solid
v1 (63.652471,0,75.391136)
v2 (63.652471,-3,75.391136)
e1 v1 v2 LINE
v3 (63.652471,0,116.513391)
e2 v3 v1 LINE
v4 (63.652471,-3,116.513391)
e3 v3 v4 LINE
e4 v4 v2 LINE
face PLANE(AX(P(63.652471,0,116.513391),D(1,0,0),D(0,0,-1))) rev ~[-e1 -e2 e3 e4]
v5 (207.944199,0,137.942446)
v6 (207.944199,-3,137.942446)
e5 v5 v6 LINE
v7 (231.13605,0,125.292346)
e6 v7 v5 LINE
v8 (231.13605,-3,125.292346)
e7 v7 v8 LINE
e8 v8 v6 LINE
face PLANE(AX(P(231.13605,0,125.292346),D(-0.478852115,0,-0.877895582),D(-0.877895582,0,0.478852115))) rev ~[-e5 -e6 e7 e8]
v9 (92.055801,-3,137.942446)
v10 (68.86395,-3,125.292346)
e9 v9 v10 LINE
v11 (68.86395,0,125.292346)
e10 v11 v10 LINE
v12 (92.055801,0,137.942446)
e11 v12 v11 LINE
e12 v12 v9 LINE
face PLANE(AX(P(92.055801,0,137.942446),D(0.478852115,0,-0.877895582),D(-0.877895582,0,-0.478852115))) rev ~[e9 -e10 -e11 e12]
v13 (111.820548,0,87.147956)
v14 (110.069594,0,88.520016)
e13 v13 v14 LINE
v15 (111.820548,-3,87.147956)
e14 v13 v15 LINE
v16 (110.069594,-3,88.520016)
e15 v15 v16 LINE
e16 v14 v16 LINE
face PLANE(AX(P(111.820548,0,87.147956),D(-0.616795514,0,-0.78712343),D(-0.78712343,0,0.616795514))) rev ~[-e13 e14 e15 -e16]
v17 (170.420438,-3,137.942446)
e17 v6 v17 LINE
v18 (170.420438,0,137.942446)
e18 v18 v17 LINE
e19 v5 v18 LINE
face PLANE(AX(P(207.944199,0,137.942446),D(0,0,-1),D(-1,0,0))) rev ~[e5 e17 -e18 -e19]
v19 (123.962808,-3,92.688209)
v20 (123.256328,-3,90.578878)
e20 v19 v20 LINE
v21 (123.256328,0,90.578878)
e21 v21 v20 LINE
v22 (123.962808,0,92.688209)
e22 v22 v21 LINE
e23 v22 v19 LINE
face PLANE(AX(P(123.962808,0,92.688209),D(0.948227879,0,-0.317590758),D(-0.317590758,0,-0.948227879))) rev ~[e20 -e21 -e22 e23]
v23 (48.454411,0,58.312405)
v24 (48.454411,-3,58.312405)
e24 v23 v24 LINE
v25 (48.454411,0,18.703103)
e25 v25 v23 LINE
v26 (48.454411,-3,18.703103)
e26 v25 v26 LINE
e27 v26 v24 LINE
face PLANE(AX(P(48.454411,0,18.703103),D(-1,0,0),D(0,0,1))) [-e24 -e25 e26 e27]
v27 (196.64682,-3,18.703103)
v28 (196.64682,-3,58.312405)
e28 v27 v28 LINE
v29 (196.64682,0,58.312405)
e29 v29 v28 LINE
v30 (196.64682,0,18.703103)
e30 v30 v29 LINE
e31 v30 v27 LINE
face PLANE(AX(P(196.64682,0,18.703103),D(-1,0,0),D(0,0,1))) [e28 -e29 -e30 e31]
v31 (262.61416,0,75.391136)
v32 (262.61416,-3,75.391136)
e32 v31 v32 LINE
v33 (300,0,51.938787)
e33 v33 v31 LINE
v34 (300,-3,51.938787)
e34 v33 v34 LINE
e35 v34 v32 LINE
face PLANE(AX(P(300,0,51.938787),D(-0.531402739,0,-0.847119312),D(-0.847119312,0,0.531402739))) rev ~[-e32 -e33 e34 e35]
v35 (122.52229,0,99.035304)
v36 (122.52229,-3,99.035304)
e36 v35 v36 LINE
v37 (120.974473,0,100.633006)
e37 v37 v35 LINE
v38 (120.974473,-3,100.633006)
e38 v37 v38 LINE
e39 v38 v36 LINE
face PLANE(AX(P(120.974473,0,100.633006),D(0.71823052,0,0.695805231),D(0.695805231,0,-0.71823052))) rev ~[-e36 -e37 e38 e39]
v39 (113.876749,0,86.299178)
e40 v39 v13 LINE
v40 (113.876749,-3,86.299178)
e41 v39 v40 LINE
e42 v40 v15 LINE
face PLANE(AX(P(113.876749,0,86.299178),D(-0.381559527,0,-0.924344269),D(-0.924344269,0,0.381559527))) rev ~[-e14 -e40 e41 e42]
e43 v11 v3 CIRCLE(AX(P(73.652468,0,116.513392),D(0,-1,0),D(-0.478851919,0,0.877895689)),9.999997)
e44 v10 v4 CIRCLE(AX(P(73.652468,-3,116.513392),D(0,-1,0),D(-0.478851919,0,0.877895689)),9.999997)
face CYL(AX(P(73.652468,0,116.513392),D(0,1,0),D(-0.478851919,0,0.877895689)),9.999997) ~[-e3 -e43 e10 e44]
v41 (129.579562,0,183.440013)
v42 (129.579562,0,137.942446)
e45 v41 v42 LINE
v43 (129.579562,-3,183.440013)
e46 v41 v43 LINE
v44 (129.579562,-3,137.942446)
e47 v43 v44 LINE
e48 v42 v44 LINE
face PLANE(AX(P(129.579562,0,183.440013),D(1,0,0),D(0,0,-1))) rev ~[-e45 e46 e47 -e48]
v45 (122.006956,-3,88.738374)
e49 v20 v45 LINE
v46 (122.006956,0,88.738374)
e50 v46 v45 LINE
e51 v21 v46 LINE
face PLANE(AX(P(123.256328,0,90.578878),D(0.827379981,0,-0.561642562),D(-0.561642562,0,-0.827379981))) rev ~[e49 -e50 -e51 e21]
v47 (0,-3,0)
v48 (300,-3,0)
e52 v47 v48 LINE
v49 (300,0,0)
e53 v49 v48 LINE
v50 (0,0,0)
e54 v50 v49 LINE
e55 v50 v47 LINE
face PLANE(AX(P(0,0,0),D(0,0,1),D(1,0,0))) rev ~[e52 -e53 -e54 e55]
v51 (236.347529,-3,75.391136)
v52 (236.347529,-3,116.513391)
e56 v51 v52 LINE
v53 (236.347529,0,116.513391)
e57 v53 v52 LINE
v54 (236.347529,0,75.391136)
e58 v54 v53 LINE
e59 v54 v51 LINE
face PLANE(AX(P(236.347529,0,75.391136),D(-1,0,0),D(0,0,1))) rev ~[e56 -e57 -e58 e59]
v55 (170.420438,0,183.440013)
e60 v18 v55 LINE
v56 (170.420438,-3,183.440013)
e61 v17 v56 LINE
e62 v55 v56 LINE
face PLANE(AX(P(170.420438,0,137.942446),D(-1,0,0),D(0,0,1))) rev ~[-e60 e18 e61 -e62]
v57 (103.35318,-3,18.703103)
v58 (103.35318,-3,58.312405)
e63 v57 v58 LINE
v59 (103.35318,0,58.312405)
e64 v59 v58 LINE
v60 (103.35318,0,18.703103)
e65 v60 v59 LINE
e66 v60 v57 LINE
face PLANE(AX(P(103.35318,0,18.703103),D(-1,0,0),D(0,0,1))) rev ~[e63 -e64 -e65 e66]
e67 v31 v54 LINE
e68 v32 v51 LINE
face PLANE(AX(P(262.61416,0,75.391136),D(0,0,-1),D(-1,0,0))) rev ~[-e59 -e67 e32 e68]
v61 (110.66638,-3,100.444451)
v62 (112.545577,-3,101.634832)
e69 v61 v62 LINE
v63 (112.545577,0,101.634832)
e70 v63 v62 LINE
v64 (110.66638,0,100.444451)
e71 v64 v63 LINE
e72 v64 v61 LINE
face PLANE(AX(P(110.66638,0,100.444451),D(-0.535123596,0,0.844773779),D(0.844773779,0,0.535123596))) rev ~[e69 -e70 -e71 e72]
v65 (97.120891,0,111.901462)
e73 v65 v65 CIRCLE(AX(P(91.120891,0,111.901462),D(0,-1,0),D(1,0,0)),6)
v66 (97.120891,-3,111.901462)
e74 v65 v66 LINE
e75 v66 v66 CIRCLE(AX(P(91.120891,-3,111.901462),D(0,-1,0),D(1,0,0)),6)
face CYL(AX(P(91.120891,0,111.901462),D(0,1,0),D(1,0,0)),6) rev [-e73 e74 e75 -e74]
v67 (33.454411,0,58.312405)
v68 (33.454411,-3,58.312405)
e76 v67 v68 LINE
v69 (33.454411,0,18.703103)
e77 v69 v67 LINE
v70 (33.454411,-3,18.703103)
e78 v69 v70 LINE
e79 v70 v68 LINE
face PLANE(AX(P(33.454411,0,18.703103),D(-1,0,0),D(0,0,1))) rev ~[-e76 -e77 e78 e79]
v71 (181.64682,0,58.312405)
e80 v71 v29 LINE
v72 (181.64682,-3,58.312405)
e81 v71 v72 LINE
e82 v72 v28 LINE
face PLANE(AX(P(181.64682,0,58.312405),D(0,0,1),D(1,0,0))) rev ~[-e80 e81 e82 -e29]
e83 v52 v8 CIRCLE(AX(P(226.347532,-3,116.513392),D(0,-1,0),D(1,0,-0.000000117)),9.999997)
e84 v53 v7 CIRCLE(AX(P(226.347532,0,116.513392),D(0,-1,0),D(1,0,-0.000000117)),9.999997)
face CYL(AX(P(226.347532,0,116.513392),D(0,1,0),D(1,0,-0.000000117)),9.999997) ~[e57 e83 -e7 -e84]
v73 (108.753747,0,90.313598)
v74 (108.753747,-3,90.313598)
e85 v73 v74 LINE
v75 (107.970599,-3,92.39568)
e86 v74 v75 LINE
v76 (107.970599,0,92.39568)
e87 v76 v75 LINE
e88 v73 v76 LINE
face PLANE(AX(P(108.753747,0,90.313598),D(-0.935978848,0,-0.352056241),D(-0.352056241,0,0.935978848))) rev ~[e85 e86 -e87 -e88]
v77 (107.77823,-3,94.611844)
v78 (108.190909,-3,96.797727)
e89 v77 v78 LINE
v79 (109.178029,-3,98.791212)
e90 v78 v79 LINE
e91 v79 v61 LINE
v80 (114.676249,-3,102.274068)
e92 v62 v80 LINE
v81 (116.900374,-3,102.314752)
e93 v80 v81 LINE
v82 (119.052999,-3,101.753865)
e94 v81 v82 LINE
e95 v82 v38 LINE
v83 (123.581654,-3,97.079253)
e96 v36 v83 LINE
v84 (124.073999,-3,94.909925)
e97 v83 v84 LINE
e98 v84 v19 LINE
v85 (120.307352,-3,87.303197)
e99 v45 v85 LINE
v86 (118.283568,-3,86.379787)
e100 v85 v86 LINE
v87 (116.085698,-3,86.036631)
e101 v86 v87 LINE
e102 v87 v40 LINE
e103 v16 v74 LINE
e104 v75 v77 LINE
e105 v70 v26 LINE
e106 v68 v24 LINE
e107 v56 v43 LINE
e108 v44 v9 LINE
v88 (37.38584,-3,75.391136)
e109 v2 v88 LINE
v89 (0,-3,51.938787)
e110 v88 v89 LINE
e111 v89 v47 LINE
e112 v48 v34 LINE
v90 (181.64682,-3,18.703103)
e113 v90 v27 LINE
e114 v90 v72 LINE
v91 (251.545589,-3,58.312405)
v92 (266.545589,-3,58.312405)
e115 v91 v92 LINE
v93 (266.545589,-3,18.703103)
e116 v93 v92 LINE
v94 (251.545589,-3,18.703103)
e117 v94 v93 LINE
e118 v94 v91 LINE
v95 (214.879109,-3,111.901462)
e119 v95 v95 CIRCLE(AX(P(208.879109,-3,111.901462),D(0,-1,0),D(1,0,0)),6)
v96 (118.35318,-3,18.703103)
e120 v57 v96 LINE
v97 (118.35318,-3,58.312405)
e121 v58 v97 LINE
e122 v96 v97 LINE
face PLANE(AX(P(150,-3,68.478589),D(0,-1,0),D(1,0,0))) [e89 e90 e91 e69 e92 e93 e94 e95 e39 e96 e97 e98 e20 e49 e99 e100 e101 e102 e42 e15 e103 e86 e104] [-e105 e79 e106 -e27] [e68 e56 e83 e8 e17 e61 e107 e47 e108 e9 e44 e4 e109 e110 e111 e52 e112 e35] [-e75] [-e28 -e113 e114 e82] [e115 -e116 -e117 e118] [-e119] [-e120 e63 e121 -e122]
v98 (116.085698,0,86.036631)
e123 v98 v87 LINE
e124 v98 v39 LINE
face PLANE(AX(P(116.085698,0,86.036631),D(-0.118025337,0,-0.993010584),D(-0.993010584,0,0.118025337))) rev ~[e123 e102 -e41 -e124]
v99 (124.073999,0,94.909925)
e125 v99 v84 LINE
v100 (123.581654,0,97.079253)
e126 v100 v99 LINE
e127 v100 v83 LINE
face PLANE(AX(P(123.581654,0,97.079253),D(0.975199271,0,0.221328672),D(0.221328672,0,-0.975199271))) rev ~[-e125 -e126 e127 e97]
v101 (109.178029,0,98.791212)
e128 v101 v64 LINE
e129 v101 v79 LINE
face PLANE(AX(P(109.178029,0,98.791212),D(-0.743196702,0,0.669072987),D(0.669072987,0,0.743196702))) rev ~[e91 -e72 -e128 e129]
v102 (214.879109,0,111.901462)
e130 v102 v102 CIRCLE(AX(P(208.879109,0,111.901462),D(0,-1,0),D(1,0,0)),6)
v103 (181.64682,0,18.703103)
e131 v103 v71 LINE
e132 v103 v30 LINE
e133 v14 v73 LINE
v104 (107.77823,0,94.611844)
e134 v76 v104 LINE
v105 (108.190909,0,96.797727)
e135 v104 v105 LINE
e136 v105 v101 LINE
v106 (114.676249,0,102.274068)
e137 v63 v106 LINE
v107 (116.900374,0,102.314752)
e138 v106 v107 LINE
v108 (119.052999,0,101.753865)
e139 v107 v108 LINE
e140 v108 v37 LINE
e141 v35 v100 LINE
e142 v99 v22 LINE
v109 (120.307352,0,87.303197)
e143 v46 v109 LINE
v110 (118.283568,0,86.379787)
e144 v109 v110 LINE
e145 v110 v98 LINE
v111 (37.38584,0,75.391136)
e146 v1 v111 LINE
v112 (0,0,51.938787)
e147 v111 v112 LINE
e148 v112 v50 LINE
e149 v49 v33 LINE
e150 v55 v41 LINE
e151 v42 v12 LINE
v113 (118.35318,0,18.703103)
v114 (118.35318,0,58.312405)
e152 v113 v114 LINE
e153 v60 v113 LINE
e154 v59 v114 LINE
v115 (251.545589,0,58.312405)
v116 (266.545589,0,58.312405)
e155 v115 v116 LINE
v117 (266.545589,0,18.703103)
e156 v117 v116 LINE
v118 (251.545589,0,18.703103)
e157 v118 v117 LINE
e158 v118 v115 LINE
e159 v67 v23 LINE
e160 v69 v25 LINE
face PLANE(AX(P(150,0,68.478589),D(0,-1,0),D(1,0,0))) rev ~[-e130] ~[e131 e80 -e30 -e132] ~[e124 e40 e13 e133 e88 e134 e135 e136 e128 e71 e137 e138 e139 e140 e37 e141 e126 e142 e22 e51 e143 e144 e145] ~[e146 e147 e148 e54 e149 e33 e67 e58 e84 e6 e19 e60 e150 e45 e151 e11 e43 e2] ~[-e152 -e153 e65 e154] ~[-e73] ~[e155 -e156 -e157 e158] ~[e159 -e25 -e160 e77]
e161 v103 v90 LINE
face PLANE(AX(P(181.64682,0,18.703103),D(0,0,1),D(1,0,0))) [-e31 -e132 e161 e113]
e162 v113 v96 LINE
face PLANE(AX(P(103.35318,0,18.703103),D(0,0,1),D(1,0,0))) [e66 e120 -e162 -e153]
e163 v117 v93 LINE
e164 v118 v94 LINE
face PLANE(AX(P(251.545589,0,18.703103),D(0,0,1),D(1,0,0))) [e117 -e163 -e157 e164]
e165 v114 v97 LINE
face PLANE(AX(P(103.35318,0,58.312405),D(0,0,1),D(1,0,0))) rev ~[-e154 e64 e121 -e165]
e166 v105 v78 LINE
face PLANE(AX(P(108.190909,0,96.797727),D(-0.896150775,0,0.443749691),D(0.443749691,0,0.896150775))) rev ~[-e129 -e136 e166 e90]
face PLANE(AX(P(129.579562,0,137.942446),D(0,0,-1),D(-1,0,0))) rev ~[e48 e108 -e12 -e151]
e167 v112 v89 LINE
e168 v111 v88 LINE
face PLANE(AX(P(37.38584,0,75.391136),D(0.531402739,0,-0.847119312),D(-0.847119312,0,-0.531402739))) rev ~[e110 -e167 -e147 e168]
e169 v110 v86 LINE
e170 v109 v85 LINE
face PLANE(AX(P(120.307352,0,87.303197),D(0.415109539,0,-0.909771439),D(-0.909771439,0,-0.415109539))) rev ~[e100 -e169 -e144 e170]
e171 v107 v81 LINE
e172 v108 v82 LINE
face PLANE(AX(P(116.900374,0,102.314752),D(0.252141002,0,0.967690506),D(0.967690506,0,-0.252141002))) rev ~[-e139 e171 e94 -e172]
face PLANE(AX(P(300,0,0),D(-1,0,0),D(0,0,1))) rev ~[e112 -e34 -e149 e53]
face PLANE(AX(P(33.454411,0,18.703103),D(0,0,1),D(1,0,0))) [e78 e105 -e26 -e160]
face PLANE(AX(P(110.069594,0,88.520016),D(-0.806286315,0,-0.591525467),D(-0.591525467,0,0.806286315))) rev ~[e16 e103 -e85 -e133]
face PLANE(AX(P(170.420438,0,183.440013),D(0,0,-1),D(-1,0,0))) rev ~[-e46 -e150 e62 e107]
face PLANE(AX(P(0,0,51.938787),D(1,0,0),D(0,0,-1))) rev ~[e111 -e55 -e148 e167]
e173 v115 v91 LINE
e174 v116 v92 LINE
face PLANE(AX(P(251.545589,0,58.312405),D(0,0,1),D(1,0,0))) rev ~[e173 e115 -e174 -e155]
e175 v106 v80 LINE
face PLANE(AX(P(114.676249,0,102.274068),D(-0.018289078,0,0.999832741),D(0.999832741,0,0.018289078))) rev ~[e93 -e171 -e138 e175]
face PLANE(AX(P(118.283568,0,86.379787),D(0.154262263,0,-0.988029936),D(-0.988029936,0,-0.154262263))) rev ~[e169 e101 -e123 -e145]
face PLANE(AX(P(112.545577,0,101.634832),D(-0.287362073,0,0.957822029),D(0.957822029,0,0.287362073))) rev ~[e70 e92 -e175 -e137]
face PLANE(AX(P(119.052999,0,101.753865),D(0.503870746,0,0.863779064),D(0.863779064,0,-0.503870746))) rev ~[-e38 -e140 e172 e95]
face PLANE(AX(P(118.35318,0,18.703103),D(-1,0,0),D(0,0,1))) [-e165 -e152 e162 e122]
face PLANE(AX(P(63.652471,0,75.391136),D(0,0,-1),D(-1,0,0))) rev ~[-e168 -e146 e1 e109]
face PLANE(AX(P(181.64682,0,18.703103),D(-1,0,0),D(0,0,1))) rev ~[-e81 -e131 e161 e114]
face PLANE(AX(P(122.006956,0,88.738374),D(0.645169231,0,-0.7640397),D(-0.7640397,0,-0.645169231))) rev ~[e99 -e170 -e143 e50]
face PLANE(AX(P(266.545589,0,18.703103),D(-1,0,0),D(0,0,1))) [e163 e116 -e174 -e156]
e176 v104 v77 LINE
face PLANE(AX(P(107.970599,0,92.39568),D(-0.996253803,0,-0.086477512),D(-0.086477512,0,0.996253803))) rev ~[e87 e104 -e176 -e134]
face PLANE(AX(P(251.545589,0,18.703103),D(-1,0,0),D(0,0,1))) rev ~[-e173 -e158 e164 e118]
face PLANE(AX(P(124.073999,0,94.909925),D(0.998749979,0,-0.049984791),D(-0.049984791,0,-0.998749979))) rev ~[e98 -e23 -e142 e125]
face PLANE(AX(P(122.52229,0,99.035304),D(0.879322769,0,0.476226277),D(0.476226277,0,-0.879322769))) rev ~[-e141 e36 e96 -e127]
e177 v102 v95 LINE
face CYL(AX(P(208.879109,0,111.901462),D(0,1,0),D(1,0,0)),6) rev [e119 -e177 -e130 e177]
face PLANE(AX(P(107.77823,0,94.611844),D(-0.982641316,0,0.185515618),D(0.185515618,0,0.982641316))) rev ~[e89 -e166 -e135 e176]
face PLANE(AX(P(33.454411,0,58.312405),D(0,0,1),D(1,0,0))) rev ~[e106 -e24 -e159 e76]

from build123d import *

# Parameters (mm, degrees)
F0_W     = 15
F0_H     = 39.609302
F0_R     = 6
F1_DEPTH = 3


with BuildPart() as f1:
    # F0 (on Front) → F1 (new body)
    with BuildSketch(Plane.XZ):
        with BuildLine():
            Line((0, 51.938787), (0, 0))
            Line((0, 0), (150, 0))
            Line((150, 0), (300, 0))
            Line((300, 0), (300, 51.938787))
            Line((300, 51.938787), (262.61416, 75.391136))
            Line((262.61416, 75.391136), (236.347529, 75.391136))
            Line((236.347529, 75.391136), (236.347529, 116.513391))
            ThreePointArc((236.347529, 116.513391), (234.946518, 121.618035), (231.13605, 125.292346))
            Line((231.13605, 125.292346), (207.944199, 137.942446))
            Line((207.944199, 137.942446), (170.420438, 137.942446))
            Line((170.420438, 137.942446), (170.420438, 183.440013))
            Line((170.420438, 183.440013), (150, 183.440013))
            Line((150, 183.440013), (129.579562, 183.440013))
            Line((129.579562, 183.440013), (129.579562, 137.942446))
            Line((129.579562, 137.942446), (92.055801, 137.942446))
            Line((92.055801, 137.942446), (68.86395, 125.292346))
            ThreePointArc((68.86395, 125.292346), (65.053482, 121.618035), (63.652471, 116.513391))
            Line((63.652471, 116.513391), (63.652471, 75.391136))
            Line((63.652471, 75.391136), (37.38584, 75.391136))
            Line((37.38584, 75.391136), (0, 51.938787))
        make_face()
        with Locations((40.954411, 38.507754)):
            Rectangle(F0_W, F0_H, mode=Mode.SUBTRACT)
        with Locations((110.85318, 38.507754)):
            Rectangle(F0_W, F0_H, mode=Mode.SUBTRACT)
        with Locations((189.14682, 38.507754)):
            Rectangle(F0_W, F0_H, mode=Mode.SUBTRACT)
        with Locations((259.045589, 38.507754)):
            Rectangle(F0_W, F0_H, mode=Mode.SUBTRACT)
        with Locations((91.120891, 111.901462)):
            Circle(F0_R, mode=Mode.SUBTRACT)
        Polygon((116.900374, 102.314752), (119.052999, 101.753865), (120.974473, 100.633006), (122.52229, 99.035304), (123.581654, 97.079253), (124.073999, 94.909925), (123.962808, 92.688209), (123.256328, 90.578878), (122.006956, 88.738374), (120.307352, 87.303197), (118.283568, 86.379787), (116.085698, 86.036631), (113.876749, 86.299178), (111.820548, 87.147956), (110.069594, 88.520016), (108.753747, 90.313598), (107.970599, 92.39568), (107.77823, 94.611844), (108.190909, 96.797727), (109.178029, 98.791212), (110.66638, 100.444451), (112.545577, 101.634832), (114.676249, 102.274068), align=None, mode=Mode.SUBTRACT)
        with Locations((208.879109, 111.901462)):
            Circle(F0_R, mode=Mode.SUBTRACT)
    extrude(amount=F1_DEPTH)


solid = f1.part
